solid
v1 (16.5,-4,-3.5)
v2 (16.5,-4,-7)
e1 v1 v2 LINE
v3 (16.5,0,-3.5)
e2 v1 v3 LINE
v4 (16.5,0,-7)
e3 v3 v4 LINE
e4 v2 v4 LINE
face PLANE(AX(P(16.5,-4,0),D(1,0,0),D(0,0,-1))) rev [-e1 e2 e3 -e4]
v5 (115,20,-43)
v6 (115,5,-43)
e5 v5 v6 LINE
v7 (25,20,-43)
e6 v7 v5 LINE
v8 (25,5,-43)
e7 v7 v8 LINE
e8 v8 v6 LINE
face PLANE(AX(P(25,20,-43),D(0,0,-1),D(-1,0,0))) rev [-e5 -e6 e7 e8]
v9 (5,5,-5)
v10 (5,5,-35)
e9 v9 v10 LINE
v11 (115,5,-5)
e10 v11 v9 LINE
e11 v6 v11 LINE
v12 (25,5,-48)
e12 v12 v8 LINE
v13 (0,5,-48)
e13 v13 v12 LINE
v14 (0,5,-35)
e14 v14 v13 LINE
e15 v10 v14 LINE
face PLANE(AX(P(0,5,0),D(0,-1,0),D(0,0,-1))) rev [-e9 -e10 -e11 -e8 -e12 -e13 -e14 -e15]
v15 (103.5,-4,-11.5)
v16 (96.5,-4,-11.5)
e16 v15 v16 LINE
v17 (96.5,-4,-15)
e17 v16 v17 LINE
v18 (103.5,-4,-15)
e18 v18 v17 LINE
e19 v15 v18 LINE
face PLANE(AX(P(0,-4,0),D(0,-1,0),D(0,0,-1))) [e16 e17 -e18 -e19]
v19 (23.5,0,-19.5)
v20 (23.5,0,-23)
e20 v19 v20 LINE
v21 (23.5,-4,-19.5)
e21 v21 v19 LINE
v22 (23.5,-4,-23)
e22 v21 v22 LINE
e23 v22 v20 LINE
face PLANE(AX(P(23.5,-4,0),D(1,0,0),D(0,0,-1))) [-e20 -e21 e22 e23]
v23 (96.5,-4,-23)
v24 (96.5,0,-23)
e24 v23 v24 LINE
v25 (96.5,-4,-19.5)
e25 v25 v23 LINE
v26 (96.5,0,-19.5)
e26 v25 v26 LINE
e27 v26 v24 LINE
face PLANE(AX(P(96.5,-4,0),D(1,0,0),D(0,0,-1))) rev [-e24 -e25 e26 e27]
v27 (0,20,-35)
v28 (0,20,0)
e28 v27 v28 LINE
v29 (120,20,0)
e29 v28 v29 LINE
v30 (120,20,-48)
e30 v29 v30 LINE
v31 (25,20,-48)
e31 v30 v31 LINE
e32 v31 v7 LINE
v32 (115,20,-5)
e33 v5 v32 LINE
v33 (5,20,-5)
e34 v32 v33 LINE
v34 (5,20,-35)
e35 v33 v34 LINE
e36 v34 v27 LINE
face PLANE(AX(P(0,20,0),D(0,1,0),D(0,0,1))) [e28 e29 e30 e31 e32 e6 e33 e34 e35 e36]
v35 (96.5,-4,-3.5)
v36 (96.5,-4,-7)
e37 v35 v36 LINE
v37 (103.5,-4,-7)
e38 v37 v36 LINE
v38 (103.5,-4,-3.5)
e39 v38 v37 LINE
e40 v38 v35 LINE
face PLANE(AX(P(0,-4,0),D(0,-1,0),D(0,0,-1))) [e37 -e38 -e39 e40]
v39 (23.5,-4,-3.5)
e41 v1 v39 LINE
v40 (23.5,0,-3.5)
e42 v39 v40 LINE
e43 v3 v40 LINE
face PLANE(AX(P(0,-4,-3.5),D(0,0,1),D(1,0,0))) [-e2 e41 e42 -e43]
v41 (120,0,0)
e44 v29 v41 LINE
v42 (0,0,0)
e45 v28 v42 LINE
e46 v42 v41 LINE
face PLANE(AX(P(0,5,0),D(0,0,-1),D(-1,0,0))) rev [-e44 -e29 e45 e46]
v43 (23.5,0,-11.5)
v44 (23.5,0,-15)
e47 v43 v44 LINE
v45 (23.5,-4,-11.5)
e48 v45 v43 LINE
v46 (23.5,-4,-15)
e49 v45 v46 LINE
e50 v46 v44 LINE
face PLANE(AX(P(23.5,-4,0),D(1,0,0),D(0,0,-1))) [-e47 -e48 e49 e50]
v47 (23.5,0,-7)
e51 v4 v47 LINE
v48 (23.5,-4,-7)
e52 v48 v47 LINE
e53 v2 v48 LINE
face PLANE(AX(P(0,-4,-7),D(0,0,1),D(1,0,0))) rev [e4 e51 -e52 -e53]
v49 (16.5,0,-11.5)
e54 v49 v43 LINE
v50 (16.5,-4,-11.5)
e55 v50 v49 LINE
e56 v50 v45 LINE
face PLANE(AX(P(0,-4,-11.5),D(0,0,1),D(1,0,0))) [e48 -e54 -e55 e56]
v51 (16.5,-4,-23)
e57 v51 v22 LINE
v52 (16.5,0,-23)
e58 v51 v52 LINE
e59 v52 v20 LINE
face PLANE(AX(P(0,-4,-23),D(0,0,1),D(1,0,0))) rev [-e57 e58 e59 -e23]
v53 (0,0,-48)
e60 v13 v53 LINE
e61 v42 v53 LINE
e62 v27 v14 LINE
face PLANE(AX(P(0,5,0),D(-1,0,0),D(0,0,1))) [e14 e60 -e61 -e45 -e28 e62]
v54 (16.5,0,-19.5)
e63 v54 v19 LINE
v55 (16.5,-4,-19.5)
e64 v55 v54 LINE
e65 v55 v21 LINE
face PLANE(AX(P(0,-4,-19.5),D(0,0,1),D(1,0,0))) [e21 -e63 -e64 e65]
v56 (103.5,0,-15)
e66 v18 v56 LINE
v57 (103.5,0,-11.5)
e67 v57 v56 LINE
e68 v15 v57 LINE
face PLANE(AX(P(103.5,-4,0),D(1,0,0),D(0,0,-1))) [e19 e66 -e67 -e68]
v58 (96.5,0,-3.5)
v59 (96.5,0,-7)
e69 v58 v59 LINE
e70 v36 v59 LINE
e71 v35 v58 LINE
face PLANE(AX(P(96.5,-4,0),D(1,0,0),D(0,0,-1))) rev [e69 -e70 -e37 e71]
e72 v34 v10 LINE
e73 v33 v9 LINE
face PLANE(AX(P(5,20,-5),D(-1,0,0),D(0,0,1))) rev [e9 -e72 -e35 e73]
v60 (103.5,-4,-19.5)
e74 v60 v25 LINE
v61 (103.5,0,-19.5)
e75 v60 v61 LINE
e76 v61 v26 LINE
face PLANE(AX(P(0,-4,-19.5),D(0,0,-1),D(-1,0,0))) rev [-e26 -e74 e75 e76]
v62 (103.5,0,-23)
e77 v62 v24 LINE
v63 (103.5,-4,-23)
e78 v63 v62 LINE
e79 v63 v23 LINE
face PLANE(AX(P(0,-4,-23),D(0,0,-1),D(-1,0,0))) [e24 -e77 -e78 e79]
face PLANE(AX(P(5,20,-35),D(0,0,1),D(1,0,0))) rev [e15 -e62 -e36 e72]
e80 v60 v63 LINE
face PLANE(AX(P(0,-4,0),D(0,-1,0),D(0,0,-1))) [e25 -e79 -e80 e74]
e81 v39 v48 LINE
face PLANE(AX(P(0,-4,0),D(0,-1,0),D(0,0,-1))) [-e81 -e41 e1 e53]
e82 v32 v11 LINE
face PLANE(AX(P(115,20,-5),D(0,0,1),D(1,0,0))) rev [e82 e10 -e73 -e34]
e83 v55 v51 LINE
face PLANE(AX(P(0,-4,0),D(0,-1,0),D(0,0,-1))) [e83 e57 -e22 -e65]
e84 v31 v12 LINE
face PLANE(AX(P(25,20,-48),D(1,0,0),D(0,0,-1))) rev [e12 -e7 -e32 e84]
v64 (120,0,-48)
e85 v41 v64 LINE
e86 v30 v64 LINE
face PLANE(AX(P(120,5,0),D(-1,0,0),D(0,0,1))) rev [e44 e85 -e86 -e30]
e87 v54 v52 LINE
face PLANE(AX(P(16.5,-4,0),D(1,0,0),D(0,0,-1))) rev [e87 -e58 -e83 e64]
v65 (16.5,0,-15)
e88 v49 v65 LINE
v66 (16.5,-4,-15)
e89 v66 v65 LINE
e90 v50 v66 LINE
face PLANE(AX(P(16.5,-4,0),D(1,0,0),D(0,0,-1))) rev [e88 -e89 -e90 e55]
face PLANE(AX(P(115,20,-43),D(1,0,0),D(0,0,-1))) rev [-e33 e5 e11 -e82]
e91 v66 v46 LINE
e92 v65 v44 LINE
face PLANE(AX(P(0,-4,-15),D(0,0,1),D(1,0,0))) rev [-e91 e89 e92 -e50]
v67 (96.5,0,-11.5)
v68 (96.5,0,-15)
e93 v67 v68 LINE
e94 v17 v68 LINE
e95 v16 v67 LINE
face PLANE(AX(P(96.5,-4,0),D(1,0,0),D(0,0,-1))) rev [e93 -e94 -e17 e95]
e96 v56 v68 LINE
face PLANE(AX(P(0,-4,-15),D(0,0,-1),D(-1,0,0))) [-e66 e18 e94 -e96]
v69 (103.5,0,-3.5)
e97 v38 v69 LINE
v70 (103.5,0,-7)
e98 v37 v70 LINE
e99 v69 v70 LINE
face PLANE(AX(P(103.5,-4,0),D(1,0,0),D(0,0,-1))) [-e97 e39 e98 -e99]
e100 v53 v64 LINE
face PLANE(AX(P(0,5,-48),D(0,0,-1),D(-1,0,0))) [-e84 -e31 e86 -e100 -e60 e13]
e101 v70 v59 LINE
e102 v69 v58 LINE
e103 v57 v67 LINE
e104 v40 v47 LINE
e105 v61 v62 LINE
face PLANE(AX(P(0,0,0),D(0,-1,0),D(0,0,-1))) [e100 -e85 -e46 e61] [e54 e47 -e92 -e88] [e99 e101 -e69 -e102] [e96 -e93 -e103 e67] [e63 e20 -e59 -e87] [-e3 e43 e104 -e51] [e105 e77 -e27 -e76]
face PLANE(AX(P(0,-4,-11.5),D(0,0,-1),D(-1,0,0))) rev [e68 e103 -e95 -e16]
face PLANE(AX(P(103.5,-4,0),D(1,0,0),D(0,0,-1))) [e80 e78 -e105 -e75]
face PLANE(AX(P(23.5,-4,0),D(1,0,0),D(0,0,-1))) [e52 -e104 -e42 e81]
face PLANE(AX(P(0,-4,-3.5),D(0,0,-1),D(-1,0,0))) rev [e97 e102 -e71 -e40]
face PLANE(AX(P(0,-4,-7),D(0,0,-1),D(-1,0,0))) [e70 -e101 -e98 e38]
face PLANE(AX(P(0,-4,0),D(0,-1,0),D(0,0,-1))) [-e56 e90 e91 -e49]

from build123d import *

# Parameters (mm, degrees)
SKETCH1_W           = 120
SKETCH1_H           = 48
BOSS_EXTRUDE1_DEPTH = 5
BOSS_EXTRUDE2_DEPTH = 15
SKETCH3_W           = 7
SKETCH3_H           = 3.5
BOSS_EXTRUDE3_DEPTH = 4


with BuildPart() as part:
    # Sketch1 → Boss-Extrude1 (new body)
    with BuildSketch(Plane(origin=(0, 0, 0), x_dir=(1, 0, 0), z_dir=(0, 1, 0))):
        with Locations((60, 24)):
            Rectangle(SKETCH1_W, SKETCH1_H)
    extrude(amount=BOSS_EXTRUDE1_DEPTH)

    # Sketch2 → Boss-Extrude2 (add)
    with BuildSketch(Plane(origin=(0, 5, 0), x_dir=(1, 0, 0), z_dir=(0, 1, 0))):
        Polygon((120, 48), (25, 48), (25, 43), (115, 43), (115, 5), (5, 5), (5, 35), (0, 35), (0, 0), (120, 0), align=None)
    extrude(amount=BOSS_EXTRUDE2_DEPTH)

    # Sketch3 → Boss-Extrude3 (add)
    with BuildSketch(Plane(origin=(0, 0, 0), x_dir=(-1, 0, 0), z_dir=(0, -1, 0))):
        with Locations((-100, 21.25)):
            Rectangle(SKETCH3_W, SKETCH3_H)
        with Locations((-100, 13.25)):
            Rectangle(SKETCH3_W, SKETCH3_H)
        with Locations((-100, 5.25)):
            Rectangle(SKETCH3_W, SKETCH3_H)
        with Locations((-20, 21.25)):
            Rectangle(SKETCH3_W, SKETCH3_H)
        with Locations((-20, 13.25)):
            Rectangle(SKETCH3_W, SKETCH3_H)
        with Locations((-20, 5.25)):
            Rectangle(SKETCH3_W, SKETCH3_H)
    extrude(amount=BOSS_EXTRUDE3_DEPTH)


solid = part.part
